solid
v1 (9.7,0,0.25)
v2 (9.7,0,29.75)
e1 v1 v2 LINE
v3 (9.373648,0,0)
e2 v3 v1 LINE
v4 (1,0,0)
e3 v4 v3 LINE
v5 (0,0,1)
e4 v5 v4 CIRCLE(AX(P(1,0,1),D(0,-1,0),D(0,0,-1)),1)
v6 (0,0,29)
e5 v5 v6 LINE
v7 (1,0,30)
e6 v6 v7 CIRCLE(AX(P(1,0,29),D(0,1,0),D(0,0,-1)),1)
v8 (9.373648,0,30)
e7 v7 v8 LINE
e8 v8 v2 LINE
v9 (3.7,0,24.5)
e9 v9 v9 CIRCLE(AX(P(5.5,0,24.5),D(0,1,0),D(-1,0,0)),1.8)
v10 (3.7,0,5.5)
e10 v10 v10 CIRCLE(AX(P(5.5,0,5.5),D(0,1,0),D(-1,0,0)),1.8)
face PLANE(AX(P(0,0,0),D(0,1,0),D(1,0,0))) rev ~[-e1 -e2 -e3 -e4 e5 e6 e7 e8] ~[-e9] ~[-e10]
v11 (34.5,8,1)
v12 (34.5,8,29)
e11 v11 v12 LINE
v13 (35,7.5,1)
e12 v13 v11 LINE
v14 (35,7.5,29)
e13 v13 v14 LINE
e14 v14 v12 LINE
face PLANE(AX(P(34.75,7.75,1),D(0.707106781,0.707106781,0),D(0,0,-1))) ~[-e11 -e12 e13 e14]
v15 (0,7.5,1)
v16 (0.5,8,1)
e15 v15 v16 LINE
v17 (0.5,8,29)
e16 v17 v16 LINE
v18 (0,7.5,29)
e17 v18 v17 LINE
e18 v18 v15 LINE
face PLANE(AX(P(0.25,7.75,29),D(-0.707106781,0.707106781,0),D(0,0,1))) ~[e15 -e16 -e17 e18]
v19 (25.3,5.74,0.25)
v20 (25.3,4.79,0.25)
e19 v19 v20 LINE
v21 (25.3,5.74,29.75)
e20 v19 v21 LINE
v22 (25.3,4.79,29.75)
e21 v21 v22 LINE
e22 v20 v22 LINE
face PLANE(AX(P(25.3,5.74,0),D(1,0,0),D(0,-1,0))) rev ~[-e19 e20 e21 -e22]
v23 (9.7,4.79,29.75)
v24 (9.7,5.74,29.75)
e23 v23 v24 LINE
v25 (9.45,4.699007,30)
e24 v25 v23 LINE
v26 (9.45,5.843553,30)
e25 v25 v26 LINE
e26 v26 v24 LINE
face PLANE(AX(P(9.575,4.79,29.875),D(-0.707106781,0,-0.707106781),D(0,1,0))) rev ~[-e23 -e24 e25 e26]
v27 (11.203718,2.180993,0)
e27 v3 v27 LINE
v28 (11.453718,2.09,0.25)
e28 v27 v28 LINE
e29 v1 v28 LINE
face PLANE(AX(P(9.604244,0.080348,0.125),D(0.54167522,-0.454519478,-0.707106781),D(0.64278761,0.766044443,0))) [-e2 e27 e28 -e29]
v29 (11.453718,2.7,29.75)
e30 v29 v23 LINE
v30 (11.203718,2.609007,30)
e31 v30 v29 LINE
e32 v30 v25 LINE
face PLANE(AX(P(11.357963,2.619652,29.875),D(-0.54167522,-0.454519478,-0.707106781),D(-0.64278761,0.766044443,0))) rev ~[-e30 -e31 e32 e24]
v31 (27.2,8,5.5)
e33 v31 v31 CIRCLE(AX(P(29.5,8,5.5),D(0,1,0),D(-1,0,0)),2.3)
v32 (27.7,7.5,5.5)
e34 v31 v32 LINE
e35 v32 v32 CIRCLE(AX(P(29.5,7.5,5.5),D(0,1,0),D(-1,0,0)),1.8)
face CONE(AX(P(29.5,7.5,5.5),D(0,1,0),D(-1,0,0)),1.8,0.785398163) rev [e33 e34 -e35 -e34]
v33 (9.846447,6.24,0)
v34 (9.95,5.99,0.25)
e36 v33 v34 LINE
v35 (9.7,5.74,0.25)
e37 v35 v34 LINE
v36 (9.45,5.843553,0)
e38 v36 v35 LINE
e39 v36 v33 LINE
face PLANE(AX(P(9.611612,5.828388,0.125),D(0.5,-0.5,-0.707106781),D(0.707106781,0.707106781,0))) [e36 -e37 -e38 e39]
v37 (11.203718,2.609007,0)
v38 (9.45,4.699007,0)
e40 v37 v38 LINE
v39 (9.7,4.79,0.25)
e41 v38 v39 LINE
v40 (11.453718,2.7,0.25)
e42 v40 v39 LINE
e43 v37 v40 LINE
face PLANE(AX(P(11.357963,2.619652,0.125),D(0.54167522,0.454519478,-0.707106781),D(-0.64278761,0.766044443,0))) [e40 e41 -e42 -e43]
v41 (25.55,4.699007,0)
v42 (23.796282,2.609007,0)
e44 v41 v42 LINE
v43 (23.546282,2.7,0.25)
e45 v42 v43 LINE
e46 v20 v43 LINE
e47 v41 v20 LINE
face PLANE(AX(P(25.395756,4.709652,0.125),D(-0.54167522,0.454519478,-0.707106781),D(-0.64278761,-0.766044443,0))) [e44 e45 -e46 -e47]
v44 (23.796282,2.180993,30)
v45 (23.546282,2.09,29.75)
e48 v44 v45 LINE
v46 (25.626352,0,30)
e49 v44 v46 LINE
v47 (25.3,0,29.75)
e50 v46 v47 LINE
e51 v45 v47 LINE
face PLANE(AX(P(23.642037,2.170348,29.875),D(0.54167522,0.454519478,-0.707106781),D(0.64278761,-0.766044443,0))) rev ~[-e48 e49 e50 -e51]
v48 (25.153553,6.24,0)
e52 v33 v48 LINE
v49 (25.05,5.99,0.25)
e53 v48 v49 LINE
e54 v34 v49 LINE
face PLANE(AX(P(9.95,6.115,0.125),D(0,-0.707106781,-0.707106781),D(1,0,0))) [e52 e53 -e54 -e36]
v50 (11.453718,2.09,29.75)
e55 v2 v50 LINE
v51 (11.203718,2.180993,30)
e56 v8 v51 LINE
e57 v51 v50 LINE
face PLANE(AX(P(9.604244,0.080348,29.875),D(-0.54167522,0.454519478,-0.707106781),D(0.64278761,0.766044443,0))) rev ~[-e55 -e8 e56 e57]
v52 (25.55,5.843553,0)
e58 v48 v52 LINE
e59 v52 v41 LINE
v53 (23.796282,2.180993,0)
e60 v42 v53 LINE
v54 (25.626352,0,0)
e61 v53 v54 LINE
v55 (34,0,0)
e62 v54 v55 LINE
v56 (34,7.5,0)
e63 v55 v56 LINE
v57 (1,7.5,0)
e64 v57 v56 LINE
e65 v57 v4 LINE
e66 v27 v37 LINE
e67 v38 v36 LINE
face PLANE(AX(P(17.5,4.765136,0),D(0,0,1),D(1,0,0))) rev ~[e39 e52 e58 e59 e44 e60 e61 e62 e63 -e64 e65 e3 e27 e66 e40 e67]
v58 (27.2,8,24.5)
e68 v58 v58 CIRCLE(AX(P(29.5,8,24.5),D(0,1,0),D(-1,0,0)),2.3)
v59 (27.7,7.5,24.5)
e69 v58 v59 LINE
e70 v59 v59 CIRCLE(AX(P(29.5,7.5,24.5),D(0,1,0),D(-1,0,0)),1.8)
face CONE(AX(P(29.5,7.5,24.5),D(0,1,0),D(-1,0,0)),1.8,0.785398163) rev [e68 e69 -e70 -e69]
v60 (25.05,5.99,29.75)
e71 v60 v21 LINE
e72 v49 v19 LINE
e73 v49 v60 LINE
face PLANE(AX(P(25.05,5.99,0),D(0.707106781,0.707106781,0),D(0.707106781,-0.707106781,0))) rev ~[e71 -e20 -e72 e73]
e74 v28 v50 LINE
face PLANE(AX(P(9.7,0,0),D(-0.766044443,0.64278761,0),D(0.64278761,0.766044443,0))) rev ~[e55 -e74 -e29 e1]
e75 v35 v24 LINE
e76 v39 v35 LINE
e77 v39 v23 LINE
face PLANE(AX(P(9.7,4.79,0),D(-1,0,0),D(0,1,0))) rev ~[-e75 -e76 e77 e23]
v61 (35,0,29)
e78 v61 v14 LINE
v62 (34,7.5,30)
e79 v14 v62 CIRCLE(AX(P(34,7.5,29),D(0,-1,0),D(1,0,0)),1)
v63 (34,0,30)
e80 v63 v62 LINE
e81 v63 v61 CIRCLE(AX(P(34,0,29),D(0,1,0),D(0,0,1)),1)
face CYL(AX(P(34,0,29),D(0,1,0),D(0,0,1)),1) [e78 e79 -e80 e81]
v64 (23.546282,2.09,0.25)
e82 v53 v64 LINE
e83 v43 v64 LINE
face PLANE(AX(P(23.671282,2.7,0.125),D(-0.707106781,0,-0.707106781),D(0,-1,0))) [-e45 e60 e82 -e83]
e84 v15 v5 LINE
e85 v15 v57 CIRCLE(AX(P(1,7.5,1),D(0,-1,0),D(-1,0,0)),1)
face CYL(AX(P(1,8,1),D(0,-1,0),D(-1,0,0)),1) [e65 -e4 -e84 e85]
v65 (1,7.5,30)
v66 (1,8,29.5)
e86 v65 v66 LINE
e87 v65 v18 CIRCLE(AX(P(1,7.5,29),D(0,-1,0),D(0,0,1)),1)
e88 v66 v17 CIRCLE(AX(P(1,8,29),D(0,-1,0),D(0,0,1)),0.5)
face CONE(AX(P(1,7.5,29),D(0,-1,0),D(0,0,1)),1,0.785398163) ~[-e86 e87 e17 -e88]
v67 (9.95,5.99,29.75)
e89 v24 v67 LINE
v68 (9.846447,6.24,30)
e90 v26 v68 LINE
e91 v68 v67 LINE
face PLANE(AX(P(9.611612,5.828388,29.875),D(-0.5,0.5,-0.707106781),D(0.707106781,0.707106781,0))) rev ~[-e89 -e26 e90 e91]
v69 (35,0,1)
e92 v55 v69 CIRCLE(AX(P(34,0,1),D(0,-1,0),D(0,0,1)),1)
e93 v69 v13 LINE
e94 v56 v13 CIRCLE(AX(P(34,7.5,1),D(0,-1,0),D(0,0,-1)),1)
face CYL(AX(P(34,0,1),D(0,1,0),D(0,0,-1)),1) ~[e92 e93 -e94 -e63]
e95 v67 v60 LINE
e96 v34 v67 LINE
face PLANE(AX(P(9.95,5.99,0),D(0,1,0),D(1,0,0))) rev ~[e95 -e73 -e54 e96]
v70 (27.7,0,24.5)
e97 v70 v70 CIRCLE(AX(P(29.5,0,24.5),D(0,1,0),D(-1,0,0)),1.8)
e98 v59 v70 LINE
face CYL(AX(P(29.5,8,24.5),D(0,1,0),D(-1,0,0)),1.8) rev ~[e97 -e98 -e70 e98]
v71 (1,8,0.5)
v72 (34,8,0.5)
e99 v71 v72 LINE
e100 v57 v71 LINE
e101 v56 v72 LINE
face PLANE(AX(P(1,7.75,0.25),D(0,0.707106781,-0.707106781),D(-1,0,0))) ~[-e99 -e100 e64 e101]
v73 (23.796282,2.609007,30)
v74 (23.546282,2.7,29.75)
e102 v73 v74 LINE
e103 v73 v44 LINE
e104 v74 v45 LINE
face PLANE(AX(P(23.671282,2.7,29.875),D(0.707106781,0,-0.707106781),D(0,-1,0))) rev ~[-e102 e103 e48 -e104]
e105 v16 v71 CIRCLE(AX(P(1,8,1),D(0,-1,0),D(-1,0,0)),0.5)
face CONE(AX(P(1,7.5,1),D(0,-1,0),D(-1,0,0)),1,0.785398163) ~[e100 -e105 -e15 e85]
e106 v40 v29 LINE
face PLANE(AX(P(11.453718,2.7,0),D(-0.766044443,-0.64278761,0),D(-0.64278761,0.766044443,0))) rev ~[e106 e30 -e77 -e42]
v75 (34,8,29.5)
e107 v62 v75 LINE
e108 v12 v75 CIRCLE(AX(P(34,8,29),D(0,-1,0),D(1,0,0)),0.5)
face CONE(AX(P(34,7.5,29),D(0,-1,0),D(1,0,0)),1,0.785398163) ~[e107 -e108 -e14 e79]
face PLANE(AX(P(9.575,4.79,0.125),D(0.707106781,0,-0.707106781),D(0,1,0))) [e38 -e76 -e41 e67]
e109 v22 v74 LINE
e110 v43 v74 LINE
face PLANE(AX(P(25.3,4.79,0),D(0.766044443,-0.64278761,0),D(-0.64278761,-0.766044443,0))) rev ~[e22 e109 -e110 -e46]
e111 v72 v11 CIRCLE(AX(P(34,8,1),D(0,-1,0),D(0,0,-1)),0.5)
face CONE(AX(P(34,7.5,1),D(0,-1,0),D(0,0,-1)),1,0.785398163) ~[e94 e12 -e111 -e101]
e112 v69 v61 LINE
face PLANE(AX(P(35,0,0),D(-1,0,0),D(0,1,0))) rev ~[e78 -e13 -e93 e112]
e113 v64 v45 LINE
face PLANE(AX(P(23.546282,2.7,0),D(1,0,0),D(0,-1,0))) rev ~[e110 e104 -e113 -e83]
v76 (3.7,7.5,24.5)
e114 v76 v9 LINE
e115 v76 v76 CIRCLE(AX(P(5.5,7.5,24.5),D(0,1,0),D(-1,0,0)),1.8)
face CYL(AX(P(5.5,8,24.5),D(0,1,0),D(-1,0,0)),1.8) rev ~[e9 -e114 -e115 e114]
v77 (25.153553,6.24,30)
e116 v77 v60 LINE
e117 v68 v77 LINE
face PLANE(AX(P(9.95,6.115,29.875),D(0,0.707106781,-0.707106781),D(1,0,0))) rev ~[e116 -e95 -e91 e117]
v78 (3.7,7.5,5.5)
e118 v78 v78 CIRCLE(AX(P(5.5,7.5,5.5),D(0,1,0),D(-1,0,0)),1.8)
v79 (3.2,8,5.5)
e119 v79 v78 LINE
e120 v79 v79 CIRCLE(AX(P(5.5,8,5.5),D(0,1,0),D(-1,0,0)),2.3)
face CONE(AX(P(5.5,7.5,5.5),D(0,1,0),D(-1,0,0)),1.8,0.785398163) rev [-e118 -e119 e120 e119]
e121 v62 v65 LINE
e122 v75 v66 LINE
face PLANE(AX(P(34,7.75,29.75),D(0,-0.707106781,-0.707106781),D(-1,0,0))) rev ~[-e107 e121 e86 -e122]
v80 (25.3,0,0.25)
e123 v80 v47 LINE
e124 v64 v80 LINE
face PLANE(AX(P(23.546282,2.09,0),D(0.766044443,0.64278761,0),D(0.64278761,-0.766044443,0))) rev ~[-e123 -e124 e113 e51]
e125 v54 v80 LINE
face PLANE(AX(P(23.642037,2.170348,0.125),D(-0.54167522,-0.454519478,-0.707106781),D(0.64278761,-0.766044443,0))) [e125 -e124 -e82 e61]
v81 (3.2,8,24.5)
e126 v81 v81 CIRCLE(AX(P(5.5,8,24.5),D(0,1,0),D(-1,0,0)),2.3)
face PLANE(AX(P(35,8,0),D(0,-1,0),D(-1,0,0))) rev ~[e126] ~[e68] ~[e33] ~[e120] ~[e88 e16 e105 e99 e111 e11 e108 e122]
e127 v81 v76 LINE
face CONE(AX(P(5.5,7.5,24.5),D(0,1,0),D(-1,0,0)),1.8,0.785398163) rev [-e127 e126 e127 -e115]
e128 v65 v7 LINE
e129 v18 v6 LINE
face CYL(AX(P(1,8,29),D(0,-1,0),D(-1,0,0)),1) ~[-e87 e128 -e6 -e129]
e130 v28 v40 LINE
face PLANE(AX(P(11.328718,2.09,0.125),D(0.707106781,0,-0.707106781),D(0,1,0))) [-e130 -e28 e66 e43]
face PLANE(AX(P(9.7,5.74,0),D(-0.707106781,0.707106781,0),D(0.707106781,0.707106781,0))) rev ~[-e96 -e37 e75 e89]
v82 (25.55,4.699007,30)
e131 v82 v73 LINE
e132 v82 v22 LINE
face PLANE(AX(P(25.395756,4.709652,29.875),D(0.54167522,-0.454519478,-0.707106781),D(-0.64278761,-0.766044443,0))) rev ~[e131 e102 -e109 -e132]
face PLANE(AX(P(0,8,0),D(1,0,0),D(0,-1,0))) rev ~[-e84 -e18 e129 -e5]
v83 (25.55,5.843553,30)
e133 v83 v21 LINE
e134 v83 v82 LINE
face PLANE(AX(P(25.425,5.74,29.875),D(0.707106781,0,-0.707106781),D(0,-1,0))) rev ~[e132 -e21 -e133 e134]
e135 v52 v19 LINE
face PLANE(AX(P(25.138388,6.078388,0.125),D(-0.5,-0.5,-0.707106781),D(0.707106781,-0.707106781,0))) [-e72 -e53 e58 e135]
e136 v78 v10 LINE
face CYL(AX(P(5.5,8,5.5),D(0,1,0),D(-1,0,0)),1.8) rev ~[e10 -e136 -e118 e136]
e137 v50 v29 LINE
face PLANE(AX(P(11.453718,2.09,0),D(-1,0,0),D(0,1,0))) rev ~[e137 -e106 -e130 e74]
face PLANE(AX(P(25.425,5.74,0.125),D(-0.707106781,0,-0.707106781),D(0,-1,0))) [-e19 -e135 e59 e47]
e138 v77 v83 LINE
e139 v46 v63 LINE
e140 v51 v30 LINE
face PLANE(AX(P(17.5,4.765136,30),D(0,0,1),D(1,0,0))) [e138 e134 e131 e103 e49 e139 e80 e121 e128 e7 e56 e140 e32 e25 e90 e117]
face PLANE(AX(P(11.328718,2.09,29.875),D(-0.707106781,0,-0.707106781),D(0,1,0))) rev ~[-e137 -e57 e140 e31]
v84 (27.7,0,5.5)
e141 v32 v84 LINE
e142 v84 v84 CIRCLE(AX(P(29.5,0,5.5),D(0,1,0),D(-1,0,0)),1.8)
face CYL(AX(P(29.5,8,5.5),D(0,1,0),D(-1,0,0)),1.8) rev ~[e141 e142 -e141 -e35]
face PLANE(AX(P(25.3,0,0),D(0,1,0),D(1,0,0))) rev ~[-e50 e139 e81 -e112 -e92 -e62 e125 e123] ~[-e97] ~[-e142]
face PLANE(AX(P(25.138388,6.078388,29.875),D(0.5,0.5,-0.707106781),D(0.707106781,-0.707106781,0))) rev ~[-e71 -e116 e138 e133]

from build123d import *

# Parameters (mm, degrees)
P_IDAT_VYSUNUT_M1_DEPTH  = 30
SKICA2_R                 = 1.8
ODEBRAT_VYSUNUT_M1_DEPTH = 8
ZAOBLIT1_R               = 1
ZKOSEN_2_SIZE            = 0.25
ZKOSEN_3_SIZE            = 0.5
ZKOSEN_4_SIZE            = 0.5


with BuildPart() as part:
    # Skica1 → Přidat vysunutím1 (new body)
    with BuildSketch(Plane.XY):
        Polygon((0, 0), (9.7, 0), (11.453718229, 2.09), (11.453718229, 2.7), (9.7, 4.79), (9.7, 5.74), (9.95, 5.99), (25.05, 5.99), (25.3, 5.74), (25.3, 4.79), (23.546281771, 2.7), (23.546281771, 2.09), (25.3, 0), (35, 0), (35, 8), (0, 8), align=None)
    extrude(amount=P_IDAT_VYSUNUT_M1_DEPTH)

    # Skica2 → Odebrat vysunutím1 (cut)
    with BuildSketch(Plane(origin=(0, 8, 0), x_dir=(1, 0, 0), z_dir=(0, 1, 0))):
        with Locations(Location((5.5, -5.5, 0), (0, 0, 180))):
            Circle(SKICA2_R)
        with Locations(Location((29.5, -5.5, 0), (0, 0, 180))):
            Circle(SKICA2_R)
        with Locations(Location((5.5, -24.5, 0), (0, 0, 180))):
            Circle(SKICA2_R)
        with Locations(Location((29.5, -24.5, 0), (0, 0, 180))):
            Circle(SKICA2_R)
    extrude(amount=-ODEBRAT_VYSUNUT_M1_DEPTH, mode=Mode.SUBTRACT)

    # Zaoblit1
    zaoblit1_edges = [part.edges().sort_by_distance(p)[0] for p in [
        (35, 4, 0),
        (0, 4, 0),
        (0, 4, 30),
        (35, 4, 30),
    ]]
    fillet(zaoblit1_edges, radius=ZAOBLIT1_R)

    # Zkosení2
    zkosen_2_edges = [part.edges().sort_by_distance(p)[0] for p in [
        (10.576859115, 1.045, 30),
        (11.453718229, 2.395, 30),
        (24.423140885, 1.045, 0),
        (23.546281771, 2.395, 0),
        (24.423140885, 3.745, 0),
        (25.3, 5.265, 0),
        (25.175, 5.865, 0),
        (17.5, 5.99, 0),
        (9.825, 5.865, 0),
        (9.7, 5.265, 0),
        (10.576859115, 3.745, 0),
        (11.453718229, 2.395, 0),
        (10.576859115, 3.745, 30),
        (10.576859115, 1.045, 0),
        (9.7, 5.265, 30),
        (9.825, 5.865, 30),
        (17.5, 5.99, 30),
        (25.175, 5.865, 30),
        (25.3, 5.265, 30),
        (24.423140885, 3.745, 30),
        (23.546281771, 2.395, 30),
        (24.423140885, 1.045, 30),
    ]]
    chamfer(zkosen_2_edges, length=ZKOSEN_2_SIZE)

    # Zkosení3
    zkosen_3_edges = [part.edges().sort_by_distance(p)[0] for p in [
        (17.5, 8, 30),
        (0, 8, 15),
        (17.5, 8, 0),
        (35, 8, 15),
        (34.707106781, 8, 0.292893219),
        (34.707106781, 8, 29.707106781),
        (0.292893219, 8, 0.292893219),
        (0.292893219, 8, 29.707106781),
    ]]
    chamfer(zkosen_3_edges, length=ZKOSEN_3_SIZE)

    # Zkosení4
    zkosen_4_edges = [part.edges().sort_by_distance(p)[0] for p in [
        (31.3, 8, 5.5),
        (7.3, 8, 24.5),
        (31.3, 8, 24.5),
        (7.3, 8, 5.5),
    ]]
    chamfer(zkosen_4_edges, length=ZKOSEN_4_SIZE)


solid = part.part
